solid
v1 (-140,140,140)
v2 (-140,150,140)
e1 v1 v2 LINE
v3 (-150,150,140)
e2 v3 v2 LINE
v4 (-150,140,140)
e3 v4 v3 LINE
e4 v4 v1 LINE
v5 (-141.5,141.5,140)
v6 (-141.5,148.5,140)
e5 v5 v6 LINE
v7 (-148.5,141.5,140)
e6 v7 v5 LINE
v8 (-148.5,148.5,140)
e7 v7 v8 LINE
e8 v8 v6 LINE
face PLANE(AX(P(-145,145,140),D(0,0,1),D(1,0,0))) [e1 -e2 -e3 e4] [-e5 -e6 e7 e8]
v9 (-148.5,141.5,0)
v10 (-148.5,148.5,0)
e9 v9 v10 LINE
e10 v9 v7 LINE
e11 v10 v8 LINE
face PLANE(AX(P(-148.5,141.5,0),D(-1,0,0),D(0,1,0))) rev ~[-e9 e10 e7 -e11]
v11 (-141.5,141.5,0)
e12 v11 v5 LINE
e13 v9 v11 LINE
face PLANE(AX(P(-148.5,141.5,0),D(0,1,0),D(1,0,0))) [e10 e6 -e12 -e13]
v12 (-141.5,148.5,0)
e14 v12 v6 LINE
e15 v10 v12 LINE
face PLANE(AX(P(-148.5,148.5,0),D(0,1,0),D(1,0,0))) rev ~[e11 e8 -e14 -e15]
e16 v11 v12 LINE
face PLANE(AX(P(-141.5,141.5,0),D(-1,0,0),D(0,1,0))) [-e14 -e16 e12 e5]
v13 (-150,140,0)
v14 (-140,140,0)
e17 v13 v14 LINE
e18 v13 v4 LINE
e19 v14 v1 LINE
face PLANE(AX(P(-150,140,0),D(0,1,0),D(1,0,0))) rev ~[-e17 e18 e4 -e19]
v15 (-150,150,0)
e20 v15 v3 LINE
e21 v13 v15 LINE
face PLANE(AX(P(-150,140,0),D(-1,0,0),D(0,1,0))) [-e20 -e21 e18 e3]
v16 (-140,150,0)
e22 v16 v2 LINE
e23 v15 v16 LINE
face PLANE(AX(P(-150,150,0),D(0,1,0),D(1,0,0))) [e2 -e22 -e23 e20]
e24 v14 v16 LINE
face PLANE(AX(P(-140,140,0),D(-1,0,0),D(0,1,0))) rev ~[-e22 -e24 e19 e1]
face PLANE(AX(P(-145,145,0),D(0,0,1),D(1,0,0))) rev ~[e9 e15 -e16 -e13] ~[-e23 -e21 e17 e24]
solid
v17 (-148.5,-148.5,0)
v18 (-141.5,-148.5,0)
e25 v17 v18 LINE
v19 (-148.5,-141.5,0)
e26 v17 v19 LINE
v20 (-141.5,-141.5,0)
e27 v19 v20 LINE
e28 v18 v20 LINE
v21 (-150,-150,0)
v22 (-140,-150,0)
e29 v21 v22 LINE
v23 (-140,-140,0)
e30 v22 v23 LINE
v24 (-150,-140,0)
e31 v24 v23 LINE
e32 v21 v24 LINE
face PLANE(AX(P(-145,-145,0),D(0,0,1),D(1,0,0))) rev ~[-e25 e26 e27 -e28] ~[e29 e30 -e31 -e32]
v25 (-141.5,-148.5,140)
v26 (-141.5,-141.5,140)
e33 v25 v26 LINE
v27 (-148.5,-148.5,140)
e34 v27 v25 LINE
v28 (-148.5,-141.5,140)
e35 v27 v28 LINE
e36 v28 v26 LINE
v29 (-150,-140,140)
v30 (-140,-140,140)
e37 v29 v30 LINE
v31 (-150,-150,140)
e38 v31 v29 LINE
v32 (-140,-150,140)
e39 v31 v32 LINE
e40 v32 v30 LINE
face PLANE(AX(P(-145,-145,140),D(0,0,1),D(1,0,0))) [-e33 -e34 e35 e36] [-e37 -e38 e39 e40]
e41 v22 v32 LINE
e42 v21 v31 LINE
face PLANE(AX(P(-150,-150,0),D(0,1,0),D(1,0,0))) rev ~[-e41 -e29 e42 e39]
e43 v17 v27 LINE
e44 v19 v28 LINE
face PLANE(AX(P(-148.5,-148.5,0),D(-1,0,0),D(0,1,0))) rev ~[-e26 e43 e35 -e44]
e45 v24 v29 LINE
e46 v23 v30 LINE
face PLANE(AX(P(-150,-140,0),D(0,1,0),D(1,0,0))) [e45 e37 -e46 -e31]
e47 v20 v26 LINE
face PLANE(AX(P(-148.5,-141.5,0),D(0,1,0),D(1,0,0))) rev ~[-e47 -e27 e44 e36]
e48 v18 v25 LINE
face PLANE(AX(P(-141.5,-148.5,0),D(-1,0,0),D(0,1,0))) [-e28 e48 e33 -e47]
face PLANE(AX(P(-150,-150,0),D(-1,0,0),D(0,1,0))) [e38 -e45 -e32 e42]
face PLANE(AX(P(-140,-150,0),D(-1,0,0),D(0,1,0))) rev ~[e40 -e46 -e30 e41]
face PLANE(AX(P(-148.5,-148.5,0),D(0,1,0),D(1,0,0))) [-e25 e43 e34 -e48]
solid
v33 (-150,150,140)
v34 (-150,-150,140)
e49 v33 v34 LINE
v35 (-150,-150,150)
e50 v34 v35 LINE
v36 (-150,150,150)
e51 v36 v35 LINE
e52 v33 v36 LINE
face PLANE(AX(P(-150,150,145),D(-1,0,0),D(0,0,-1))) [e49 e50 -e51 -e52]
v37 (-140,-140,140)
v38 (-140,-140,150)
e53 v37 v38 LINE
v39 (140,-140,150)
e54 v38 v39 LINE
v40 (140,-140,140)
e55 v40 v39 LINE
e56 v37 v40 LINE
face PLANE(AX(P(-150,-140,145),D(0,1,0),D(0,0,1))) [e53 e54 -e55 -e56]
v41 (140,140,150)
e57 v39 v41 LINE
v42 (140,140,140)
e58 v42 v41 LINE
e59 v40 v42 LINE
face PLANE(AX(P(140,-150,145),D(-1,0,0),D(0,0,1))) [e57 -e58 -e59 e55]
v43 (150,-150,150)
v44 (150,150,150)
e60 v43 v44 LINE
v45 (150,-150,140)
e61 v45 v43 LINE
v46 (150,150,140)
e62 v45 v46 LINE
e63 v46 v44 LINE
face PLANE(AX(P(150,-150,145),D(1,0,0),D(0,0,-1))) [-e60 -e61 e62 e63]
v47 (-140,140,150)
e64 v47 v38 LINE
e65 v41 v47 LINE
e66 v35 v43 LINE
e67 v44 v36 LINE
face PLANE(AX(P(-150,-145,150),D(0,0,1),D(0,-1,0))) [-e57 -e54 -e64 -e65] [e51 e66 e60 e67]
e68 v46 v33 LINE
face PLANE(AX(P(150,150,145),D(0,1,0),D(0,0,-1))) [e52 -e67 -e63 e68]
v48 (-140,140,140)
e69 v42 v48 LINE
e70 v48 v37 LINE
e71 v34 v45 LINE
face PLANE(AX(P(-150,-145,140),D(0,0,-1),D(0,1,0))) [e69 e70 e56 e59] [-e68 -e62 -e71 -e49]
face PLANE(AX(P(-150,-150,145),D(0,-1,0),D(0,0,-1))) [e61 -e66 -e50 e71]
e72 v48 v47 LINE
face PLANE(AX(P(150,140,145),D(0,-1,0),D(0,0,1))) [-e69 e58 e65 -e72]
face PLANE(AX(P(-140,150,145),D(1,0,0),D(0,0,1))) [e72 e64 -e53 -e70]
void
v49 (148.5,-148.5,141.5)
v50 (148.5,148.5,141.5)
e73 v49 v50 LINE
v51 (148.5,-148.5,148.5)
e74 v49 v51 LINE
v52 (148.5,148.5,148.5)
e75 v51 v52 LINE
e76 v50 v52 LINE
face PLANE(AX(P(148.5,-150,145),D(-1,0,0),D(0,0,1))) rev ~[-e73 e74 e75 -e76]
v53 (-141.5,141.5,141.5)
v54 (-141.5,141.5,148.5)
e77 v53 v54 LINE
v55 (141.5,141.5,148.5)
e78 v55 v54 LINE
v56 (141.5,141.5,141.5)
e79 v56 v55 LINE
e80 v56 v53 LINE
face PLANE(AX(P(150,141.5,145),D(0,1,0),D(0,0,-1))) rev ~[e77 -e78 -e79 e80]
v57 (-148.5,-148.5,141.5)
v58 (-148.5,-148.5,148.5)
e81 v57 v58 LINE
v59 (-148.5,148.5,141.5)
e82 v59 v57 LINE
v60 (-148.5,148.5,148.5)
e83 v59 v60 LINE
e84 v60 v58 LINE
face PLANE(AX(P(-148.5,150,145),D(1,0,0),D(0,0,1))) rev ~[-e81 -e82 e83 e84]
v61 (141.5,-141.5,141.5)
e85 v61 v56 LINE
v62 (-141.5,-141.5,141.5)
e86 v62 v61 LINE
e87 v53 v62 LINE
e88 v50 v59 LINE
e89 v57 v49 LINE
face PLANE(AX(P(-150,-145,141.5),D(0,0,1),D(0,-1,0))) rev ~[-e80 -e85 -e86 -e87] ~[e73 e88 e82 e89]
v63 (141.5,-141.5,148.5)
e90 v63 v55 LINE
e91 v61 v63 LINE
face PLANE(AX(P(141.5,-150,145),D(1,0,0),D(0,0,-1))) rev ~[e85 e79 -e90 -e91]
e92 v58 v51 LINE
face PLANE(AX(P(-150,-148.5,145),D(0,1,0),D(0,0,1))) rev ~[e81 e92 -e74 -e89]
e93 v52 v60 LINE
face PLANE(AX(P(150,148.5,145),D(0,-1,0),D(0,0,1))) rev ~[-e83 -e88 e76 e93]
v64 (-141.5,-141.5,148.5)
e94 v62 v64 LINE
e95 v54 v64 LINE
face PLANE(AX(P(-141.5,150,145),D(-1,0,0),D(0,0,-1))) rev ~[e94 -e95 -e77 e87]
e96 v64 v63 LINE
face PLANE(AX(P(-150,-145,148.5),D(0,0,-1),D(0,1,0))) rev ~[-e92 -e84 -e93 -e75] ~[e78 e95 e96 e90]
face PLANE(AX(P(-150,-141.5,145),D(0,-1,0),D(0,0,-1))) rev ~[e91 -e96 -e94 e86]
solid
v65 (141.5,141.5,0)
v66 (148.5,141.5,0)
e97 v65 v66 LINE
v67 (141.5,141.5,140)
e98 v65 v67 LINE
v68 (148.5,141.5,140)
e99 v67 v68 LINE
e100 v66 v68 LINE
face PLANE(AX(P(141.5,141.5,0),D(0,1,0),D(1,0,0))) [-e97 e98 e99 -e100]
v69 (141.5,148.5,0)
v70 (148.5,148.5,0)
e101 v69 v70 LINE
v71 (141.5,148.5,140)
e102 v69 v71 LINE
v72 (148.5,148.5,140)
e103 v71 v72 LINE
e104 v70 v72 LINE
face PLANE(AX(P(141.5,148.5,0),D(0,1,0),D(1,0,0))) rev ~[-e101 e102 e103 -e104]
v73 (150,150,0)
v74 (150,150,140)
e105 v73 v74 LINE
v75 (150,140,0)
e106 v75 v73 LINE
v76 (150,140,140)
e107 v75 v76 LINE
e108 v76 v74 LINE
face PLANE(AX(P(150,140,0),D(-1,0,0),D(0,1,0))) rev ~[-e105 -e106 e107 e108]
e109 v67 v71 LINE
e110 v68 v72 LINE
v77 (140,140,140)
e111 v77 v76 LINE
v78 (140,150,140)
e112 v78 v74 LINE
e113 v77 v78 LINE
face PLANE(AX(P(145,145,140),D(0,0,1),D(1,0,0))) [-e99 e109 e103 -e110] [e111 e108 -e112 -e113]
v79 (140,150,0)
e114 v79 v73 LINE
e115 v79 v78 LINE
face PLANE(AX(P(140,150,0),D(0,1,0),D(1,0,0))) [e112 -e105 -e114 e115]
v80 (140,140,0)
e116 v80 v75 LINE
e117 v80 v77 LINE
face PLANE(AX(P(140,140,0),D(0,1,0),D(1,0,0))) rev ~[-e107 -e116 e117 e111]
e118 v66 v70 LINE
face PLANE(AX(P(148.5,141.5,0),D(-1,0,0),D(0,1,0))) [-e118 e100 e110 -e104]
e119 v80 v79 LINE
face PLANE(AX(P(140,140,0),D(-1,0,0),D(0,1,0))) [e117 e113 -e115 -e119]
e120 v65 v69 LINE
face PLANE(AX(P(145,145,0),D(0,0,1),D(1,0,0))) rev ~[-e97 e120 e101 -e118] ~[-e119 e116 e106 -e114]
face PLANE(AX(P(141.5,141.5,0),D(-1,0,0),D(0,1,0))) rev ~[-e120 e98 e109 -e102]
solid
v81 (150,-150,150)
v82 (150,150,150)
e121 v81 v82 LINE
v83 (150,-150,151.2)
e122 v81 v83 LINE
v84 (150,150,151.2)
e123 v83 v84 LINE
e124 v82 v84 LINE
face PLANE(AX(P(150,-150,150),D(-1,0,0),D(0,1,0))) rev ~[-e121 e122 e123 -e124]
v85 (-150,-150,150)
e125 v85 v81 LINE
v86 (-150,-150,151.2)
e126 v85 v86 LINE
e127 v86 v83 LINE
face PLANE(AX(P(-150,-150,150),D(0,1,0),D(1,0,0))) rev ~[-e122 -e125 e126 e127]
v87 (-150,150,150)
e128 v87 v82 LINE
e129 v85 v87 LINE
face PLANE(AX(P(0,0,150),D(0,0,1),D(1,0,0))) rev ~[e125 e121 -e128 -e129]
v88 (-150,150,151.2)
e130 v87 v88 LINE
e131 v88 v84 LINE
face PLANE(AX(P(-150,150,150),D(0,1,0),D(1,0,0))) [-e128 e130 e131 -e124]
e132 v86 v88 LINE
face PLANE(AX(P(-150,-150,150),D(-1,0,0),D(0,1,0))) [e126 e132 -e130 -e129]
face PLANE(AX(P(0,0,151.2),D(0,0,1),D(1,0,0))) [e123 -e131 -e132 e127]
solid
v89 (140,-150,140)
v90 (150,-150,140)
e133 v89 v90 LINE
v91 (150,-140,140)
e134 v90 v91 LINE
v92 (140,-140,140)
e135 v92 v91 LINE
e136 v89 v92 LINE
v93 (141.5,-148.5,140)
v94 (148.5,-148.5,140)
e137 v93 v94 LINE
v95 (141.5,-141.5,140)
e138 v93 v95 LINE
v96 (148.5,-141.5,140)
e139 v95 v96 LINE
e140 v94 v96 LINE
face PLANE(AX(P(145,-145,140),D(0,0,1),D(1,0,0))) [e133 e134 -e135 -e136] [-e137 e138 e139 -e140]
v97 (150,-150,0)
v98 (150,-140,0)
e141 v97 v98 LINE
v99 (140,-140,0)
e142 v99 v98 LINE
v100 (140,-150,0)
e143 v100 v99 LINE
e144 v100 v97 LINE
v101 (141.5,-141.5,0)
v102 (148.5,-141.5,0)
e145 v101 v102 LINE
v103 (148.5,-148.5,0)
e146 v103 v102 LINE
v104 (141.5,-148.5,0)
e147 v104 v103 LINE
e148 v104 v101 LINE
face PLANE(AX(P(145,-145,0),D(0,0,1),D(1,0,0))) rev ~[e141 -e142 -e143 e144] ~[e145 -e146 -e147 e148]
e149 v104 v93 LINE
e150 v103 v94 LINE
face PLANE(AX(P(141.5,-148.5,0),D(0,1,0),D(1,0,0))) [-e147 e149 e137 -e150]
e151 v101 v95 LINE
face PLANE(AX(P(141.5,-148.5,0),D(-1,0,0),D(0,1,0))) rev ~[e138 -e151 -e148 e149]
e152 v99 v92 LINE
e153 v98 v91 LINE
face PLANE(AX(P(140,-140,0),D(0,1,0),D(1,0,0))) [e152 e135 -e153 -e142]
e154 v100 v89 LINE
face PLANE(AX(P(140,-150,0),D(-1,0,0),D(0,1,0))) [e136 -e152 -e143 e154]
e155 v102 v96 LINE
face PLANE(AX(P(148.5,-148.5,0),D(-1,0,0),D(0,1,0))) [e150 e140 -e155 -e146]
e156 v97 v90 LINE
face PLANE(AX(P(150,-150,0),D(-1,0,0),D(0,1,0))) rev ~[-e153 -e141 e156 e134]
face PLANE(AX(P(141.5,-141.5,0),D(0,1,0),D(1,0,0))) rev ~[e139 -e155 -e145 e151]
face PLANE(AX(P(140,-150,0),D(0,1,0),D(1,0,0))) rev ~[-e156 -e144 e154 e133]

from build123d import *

# Parameters (mm, degrees)
F0_W     = 10
F0_H     = 10
F0_W_2   = 7
F0_H_2   = 7
F1_DEPTH = 140
F3_W     = 10
F3_H     = 10
F3_W_2   = 7
F3_H_2   = 7
F5_W     = 300
F5_H     = 300
F6_DEPTH = 1.2


with BuildPart() as f1:
    # F0 (on Top) → F1 (new body)
    with BuildSketch(Plane.XY):
        with Locations((-145, 145)):
            Rectangle(F0_W, F0_H)
        with Locations((-145, 145)):
            Rectangle(F0_W_2, F0_H_2, mode=Mode.SUBTRACT)
    extrude(amount=F1_DEPTH)


with BuildPart() as f1b:
    # F0 (on Top) → F1, piece 2 (new body)
    with BuildSketch(Plane.XY):
        with Locations((145, 145)):
            Rectangle(F0_W, F0_H)
        with Locations((145, 145)):
            Rectangle(F0_W_2, F0_H_2, mode=Mode.SUBTRACT)
    extrude(amount=F1_DEPTH)


with BuildPart() as f1c:
    # F0 (on Top) → F1, piece 3 (new body)
    with BuildSketch(Plane.XY):
        with Locations((145, -145)):
            Rectangle(F0_W, F0_H)
        with Locations((145, -145)):
            Rectangle(F0_W_2, F0_H_2, mode=Mode.SUBTRACT)
    extrude(amount=F1_DEPTH)


with BuildPart() as f1d:
    # F0 (on Top) → F1, piece 4 (new body)
    with BuildSketch(Plane.XY):
        with Locations((-145, -145)):
            Rectangle(F0_W, F0_H)
        with Locations((-145, -145)):
            Rectangle(F0_W_2, F0_H_2, mode=Mode.SUBTRACT)
    extrude(amount=F1_DEPTH)


with BuildPart() as f4:
    # F4: sweep along a path in F2
    with BuildLine(Plane.XY.offset(140)) as f4_path:
        Line((-150, -150), (150, -150))
        Line((150, -150), (150, 150))
        Line((150, 150), (-150, 150))
        Line((-150, 150), (-150, -150))
    # F3 (on Right) → F4 (sweep)
    with BuildSketch(Plane.YZ):
        with Locations((-145, 145)):
            Rectangle(F3_W, F3_H)
        with Locations((-145, 145)):
            Rectangle(F3_W_2, F3_H_2, mode=Mode.SUBTRACT)
    sweep(path=f4_path.line, transition=Transition.RIGHT)


with BuildPart() as f6:
    # F5 (on face) → F6 (new body)
    with BuildSketch(Plane.XY.offset(150)):
        Rectangle(F5_W, F5_H)
    extrude(amount=F6_DEPTH)


solid = Compound([f1.part, f1b.part, f1c.part, f1d.part, f4.part, f6.part])
